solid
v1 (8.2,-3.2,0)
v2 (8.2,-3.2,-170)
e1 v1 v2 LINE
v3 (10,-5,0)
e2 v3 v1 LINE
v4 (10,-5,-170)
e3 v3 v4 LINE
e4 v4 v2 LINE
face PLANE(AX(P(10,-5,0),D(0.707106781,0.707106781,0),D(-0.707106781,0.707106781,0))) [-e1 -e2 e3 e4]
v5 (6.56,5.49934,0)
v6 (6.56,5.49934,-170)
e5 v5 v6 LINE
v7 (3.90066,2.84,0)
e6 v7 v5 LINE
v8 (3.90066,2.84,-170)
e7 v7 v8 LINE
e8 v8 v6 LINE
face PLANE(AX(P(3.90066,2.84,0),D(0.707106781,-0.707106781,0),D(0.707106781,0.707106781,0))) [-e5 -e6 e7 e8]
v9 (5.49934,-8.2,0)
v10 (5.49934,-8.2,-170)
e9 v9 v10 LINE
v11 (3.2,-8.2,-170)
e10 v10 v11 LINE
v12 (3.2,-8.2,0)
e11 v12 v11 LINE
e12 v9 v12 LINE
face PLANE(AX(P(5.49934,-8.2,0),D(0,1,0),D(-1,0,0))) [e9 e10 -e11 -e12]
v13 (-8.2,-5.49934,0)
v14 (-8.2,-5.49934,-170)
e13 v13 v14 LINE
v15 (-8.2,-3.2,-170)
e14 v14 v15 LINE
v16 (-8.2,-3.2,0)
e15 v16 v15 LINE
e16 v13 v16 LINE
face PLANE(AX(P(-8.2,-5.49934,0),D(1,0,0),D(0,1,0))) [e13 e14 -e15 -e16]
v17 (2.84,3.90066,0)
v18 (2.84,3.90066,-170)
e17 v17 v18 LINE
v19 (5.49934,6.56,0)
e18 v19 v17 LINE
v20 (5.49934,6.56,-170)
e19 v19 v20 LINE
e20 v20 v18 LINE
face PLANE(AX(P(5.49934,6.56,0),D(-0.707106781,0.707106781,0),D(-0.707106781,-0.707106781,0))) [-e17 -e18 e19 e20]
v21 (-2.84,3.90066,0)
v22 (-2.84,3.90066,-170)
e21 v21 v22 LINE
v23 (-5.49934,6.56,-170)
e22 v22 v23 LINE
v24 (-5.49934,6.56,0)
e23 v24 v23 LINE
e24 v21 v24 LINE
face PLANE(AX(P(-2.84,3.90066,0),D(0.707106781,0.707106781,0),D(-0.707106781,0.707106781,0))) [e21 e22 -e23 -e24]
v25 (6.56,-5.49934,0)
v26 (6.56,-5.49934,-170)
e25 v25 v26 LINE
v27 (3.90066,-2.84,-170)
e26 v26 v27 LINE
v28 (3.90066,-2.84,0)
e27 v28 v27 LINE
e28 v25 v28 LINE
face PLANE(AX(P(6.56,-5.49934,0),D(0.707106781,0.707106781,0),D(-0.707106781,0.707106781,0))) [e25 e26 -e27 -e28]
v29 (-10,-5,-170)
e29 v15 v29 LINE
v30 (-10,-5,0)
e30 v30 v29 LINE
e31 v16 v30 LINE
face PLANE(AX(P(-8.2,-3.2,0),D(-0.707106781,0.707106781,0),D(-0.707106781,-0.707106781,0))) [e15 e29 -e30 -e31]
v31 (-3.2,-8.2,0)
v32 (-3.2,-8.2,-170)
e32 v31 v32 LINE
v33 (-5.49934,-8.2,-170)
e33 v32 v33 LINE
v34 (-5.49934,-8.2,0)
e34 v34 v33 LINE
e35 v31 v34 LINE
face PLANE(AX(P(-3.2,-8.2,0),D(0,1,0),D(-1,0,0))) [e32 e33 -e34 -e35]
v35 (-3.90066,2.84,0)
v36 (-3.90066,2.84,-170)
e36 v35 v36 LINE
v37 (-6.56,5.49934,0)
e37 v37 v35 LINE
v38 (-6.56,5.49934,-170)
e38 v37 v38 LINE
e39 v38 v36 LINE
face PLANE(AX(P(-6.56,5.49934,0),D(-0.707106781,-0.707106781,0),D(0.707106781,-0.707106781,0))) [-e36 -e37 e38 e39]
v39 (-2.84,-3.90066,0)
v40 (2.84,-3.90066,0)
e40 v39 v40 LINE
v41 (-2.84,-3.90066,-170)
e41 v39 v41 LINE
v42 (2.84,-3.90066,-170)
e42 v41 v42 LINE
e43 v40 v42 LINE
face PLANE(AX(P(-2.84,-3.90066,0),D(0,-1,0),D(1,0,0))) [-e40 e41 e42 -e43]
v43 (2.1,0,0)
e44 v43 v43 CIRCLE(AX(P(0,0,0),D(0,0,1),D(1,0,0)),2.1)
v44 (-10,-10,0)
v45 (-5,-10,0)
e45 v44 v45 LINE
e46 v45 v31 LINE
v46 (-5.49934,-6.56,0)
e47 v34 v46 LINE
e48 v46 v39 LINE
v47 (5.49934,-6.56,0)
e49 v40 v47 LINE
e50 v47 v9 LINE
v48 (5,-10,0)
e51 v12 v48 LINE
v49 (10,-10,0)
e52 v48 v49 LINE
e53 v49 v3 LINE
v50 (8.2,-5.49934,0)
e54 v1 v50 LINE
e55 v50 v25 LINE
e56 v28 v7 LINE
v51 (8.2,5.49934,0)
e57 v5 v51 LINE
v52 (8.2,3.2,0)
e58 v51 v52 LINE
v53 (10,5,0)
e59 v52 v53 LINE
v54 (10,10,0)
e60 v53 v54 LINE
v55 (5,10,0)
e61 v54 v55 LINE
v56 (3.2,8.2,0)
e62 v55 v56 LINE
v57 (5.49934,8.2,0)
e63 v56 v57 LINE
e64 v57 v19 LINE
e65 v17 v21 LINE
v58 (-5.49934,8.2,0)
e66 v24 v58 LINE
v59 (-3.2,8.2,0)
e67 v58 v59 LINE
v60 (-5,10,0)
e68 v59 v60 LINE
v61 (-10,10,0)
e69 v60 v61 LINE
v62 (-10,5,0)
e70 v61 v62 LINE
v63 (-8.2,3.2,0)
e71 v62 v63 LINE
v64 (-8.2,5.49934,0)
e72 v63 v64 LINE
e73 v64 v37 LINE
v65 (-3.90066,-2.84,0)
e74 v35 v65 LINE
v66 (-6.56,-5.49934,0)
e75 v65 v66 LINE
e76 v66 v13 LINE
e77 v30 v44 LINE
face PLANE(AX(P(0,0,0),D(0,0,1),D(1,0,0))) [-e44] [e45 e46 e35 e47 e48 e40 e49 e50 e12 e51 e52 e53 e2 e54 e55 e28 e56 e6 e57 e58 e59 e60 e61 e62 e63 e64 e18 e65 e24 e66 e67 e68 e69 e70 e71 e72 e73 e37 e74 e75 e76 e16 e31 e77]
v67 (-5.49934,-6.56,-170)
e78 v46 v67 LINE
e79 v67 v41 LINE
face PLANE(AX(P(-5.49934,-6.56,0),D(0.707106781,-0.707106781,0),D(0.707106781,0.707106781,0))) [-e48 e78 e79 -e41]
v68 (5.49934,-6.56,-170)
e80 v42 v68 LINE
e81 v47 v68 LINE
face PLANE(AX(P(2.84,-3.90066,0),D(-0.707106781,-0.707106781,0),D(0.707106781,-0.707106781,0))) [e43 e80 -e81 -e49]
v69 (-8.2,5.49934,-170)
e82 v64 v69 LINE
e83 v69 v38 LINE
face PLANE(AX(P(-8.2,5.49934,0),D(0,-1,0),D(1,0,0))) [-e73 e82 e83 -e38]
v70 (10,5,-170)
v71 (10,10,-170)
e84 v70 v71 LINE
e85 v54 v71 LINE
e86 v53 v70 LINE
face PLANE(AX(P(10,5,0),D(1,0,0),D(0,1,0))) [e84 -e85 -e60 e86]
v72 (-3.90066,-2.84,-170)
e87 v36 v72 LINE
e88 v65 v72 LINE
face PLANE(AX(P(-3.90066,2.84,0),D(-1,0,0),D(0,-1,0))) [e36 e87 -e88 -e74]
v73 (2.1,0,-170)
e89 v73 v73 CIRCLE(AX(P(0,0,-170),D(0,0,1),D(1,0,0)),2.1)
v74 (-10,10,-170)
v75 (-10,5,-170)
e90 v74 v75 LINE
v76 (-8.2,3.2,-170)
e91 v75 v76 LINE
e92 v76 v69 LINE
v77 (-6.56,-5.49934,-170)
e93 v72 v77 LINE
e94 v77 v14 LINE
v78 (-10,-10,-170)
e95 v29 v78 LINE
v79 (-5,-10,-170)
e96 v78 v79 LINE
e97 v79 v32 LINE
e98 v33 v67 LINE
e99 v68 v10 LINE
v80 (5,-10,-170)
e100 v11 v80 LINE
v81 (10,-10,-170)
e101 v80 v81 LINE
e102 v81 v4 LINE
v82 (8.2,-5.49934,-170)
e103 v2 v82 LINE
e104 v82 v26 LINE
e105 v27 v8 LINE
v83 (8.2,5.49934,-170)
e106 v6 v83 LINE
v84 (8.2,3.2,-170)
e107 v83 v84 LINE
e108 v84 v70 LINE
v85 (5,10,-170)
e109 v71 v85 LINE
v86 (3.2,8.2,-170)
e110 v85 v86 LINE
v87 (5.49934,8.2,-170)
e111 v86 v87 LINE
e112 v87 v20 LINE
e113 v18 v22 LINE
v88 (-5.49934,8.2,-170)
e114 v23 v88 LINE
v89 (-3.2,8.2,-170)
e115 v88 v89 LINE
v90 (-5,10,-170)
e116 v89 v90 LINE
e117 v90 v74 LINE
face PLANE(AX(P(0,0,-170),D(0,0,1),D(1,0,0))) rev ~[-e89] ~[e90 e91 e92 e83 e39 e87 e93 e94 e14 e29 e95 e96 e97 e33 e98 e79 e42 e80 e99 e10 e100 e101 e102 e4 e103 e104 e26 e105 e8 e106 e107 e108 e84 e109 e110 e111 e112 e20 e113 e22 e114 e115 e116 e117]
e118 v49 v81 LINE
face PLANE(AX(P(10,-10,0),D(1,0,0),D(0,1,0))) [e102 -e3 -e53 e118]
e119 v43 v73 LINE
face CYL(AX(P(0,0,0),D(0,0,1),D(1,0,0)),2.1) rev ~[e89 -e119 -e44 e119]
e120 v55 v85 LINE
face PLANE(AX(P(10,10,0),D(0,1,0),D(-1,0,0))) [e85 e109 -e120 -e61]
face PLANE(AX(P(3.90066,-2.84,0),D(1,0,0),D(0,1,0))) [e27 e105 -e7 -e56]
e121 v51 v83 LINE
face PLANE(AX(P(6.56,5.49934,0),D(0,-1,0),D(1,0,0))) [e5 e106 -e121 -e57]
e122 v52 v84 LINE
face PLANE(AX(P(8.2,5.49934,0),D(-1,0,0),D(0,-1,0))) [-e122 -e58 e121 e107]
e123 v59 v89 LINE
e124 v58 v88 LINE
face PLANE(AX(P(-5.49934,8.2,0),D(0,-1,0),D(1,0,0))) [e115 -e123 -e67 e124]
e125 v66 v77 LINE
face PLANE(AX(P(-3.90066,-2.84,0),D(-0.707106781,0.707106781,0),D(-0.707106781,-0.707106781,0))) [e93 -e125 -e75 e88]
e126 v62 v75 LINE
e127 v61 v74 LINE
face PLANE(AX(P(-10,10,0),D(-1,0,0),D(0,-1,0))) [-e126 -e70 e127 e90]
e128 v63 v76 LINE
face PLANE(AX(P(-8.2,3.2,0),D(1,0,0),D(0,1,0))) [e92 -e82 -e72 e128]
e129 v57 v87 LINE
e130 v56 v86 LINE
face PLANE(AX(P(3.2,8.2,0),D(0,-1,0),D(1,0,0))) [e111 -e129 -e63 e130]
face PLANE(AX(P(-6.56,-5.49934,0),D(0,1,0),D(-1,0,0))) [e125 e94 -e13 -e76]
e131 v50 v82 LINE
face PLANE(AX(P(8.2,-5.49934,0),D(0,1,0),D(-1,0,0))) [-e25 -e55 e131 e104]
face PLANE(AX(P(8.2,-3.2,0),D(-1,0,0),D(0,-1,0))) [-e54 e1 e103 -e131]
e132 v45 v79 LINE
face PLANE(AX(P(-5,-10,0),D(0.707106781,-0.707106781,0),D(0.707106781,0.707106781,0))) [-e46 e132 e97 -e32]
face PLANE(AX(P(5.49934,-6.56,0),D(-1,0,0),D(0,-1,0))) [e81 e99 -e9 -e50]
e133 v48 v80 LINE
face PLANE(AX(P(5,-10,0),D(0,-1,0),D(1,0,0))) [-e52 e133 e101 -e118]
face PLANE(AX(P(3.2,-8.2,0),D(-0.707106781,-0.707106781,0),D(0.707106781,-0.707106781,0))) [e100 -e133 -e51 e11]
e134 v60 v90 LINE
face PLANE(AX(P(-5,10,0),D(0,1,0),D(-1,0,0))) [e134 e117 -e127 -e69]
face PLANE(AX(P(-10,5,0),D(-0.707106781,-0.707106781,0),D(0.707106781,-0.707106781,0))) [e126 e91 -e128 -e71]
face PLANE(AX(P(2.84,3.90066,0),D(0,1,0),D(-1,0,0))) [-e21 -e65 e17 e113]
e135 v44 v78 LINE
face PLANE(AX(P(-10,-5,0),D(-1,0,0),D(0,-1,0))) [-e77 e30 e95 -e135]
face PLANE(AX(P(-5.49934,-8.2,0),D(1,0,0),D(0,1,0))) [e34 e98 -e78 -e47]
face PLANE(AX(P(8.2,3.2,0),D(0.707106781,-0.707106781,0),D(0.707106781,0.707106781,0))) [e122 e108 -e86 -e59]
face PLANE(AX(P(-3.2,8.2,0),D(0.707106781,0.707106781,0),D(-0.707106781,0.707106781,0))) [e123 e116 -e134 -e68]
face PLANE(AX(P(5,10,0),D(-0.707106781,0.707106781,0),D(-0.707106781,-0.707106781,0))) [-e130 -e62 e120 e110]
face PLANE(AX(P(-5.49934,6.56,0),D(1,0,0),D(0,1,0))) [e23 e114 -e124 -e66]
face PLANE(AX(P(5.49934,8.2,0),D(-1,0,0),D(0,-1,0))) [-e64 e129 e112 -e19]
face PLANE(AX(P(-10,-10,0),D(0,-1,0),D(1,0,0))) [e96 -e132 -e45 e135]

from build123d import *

# Parameters (mm, degrees)
SKETCH1_R           = 2.1
BOSS_EXTRUDE1_DEPTH = 170


with BuildPart() as part:
    # Sketch1 → Boss-Extrude1 (new body)
    with BuildSketch(Plane.XY):
        Polygon((-10, 10), (-10, 5), (-8.2, 3.2), (-8.2, 5.499339828), (-6.56, 5.499339828), (-3.900660172, 2.84), (-3.900660172, -2.84), (-6.56, -5.499339828), (-8.2, -5.499339828), (-8.2, -3.2), (-10, -5), (-10, -10), (-5, -10), (-3.2, -8.2), (-5.499339828, -8.2), (-5.499339828, -6.56), (-2.84, -3.900660172), (2.84, -3.900660172), (5.499339828, -6.56), (5.499339828, -8.2), (3.2, -8.2), (5, -10), (10, -10), (10, -5), (8.2, -3.2), (8.2, -5.499339828), (6.56, -5.499339828), (3.900660172, -2.84), (3.900660172, 2.84), (6.56, 5.499339828), (8.2, 5.499339828), (8.2, 3.2), (10, 5), (10, 10), (5, 10), (3.2, 8.2), (5.499339828, 8.2), (5.499339828, 6.56), (2.84, 3.900660172), (-2.84, 3.900660172), (-5.499339828, 6.56), (-5.499339828, 8.2), (-3.2, 8.2), (-5, 10), align=None)
        Circle(SKETCH1_R, mode=Mode.SUBTRACT)
    extrude(amount=-BOSS_EXTRUDE1_DEPTH)


solid = part.part
